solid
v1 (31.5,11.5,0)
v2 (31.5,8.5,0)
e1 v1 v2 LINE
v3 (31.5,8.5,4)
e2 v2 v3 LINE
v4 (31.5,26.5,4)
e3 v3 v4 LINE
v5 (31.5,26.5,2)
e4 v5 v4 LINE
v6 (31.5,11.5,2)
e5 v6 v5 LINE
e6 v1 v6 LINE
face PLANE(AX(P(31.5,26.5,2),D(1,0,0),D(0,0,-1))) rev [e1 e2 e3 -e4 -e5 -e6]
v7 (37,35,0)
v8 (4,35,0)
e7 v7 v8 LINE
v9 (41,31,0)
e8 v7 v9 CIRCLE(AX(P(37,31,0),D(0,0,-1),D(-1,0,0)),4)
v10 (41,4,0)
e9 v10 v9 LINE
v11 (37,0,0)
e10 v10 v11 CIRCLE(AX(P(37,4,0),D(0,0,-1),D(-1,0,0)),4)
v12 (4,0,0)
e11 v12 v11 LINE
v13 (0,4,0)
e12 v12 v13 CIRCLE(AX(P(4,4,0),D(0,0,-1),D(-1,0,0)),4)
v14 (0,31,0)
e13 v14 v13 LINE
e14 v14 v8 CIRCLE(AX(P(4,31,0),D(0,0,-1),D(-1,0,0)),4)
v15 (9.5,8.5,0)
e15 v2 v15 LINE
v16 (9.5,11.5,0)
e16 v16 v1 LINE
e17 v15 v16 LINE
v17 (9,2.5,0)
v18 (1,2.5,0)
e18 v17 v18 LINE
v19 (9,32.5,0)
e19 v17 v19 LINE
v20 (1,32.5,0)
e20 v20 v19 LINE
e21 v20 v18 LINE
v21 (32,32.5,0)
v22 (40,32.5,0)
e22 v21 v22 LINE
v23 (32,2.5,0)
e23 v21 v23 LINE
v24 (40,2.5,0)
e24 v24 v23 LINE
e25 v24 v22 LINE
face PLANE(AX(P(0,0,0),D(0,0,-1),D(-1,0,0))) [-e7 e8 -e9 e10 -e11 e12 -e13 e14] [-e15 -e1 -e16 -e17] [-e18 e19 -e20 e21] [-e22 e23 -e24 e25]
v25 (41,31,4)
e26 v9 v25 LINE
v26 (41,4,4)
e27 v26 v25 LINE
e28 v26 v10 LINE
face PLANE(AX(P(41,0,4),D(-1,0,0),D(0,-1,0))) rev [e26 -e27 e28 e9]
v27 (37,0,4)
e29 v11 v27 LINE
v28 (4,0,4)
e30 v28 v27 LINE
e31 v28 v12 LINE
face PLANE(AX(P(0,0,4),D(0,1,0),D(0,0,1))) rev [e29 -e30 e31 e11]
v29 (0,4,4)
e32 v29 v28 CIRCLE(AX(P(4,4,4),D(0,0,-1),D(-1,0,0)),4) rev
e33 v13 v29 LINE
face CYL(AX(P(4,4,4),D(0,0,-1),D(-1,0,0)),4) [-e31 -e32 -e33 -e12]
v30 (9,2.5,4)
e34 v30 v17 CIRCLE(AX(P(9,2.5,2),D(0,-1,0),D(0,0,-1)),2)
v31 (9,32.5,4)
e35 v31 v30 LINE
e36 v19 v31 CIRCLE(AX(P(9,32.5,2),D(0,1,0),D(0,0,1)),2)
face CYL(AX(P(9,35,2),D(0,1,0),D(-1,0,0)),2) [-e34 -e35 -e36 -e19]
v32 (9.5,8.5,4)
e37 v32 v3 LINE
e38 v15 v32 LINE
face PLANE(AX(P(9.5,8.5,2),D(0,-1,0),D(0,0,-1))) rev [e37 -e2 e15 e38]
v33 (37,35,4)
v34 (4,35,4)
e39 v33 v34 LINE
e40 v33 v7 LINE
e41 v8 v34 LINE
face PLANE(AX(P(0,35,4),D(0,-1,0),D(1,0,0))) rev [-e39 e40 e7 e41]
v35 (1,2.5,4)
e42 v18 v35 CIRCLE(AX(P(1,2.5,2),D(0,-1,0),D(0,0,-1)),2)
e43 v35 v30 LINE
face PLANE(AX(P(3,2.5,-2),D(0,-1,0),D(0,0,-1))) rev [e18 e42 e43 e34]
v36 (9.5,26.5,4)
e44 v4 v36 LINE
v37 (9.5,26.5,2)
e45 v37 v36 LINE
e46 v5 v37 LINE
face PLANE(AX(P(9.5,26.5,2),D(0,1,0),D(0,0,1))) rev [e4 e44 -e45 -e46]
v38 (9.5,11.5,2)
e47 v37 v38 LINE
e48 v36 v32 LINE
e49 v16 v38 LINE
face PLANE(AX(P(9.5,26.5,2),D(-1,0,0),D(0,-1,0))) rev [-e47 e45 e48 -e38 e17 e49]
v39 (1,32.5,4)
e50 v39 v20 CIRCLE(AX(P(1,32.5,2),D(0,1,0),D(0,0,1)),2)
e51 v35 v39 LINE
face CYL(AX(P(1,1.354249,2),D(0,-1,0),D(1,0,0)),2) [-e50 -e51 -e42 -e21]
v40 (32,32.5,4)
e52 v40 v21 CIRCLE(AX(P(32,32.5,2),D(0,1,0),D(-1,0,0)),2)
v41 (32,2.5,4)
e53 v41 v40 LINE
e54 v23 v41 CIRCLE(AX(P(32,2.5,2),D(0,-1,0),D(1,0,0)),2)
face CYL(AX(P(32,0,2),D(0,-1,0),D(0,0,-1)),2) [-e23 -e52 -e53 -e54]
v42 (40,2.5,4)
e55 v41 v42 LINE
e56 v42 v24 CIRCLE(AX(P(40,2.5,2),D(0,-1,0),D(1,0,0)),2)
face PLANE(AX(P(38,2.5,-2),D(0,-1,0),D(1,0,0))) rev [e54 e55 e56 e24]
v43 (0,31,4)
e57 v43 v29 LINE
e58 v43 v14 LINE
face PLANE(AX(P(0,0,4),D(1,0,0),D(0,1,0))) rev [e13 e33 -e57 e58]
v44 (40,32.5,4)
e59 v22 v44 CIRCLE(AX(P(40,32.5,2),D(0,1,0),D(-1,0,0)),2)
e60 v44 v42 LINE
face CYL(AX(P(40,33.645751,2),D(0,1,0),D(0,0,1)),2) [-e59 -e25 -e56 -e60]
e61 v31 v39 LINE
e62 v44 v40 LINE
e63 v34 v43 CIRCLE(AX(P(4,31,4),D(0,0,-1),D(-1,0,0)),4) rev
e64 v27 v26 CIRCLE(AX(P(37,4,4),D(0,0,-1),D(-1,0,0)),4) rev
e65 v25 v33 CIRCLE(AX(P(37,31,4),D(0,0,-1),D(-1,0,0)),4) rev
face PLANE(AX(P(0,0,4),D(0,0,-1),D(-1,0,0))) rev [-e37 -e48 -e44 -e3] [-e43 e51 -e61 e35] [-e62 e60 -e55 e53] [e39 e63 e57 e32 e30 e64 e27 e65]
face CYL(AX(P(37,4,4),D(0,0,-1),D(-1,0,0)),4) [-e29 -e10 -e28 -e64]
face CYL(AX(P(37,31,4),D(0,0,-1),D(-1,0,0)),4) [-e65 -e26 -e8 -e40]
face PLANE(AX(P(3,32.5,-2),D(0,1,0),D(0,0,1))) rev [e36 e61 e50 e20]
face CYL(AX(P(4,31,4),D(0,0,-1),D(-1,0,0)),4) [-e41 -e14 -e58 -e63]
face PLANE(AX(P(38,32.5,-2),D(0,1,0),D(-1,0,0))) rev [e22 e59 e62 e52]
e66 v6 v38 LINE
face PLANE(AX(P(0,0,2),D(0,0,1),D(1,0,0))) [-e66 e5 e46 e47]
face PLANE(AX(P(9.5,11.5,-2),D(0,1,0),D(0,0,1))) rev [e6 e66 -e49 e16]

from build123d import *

# Parameters (mm, degrees)
ESQUISSE1_W             = 41
ESQUISSE1_H             = 35
BOSS_EXTRU_1_DEPTH      = 4
ESQUISSE2_W             = 22
ESQUISSE2_H             = 18
ENL_V_MAT_EXTRU_1_DEPTH = 2
ESQUISSE3_W             = 4
ESQUISSE3_H             = 30
ESQUISSE3_W_2           = 22
ESQUISSE3_H_2           = 3
ENL_V_MAT_EXTRU_2_DEPTH = 6
CONG_4_R                = 4
CONG_6_RADIUS           = 2
CONG_6_LENGTH           = 30
CONG_7_RADIUS           = 2
CONG_7_LENGTH           = 30
CONG_8_RADIUS           = 2
CONG_8_LENGTH           = 30
CONG_9_RADIUS           = 2
CONG_9_LENGTH           = 30


with BuildPart() as part:
    # Esquisse1 → Boss.-Extru.1 (new body)
    with BuildSketch(Plane.XY):
        with Locations((20.5, 17.5)):
            Rectangle(ESQUISSE1_W, ESQUISSE1_H)
    extrude(amount=BOSS_EXTRU_1_DEPTH)

    # Esquisse2 → Enlèv. mat.-Extru.1 (cut)
    with BuildSketch(Plane.XY.offset(4)):
        with Locations((20.5, 17.5)):
            Rectangle(ESQUISSE2_W, ESQUISSE2_H)
    extrude(amount=-ENL_V_MAT_EXTRU_1_DEPTH, mode=Mode.SUBTRACT)

    # Esquisse3 → Enlèv. mat.-Extru.2 (cut)
    with BuildSketch(Plane.XY.offset(4)):
        with Locations((5, 17.5)):
            Rectangle(ESQUISSE3_W, ESQUISSE3_H)
        with Locations((36, 17.5)):
            Rectangle(ESQUISSE3_W, ESQUISSE3_H)
        with Locations((20.5, 10)):
            Rectangle(ESQUISSE3_W_2, ESQUISSE3_H_2)
    extrude(amount=-ENL_V_MAT_EXTRU_2_DEPTH, mode=Mode.SUBTRACT)

    # Congé4
    cong_4_edges = [part.edges().sort_by_distance(p)[0] for p in [
        (0, 35, 2),
        (41, 35, 2),
        (41, 0, 2),
        (0, 0, 2),
    ]]
    fillet(cong_4_edges, radius=CONG_4_R)

    # Congé6: full round fillet: the end face becomes a half cylinder, R = half its width
    cong_6_face = Plane((38, 17.5, 2), x_dir=(0, -1, 0), z_dir=(-1, 0, 0))  # on the end face: x along it, z out of the body
    cong_6_slab = cong_6_face.offset(-CONG_6_RADIUS / 2) * Box(CONG_6_LENGTH, 2 * CONG_6_RADIUS, CONG_6_RADIUS, mode=Mode.PRIVATE)  # the body's end, R deep
    cong_6_round = Plane((40, 17.5, 2), x_dir=(-1, 0, 0), z_dir=(0, -1, 0)) * Cylinder(CONG_6_RADIUS, CONG_6_LENGTH, mode=Mode.PRIVATE)  # its axis R under the face
    add(cong_6_slab - cong_6_round, mode=Mode.SUBTRACT)

    # Congé7: full round fillet: the end face becomes a half cylinder, R = half its width
    cong_7_face = Plane((3, 17.5, 2), x_dir=(0, 1, 0), z_dir=(1, 0, 0))  # on the end face: x along it, z out of the body
    cong_7_slab = cong_7_face.offset(-CONG_7_RADIUS / 2) * Box(CONG_7_LENGTH, 2 * CONG_7_RADIUS, CONG_7_RADIUS, mode=Mode.PRIVATE)  # the body's end, R deep
    cong_7_round = Plane((1, 17.5, 2), x_dir=(1, 0, 0), z_dir=(0, 1, 0)) * Cylinder(CONG_7_RADIUS, CONG_7_LENGTH, mode=Mode.PRIVATE)  # its axis R under the face
    add(cong_7_slab - cong_7_round, mode=Mode.SUBTRACT)

    # Congé8: full round fillet: the end face becomes a half cylinder, R = half its width
    cong_8_face = Plane((34, 17.5, 2), x_dir=(0, 1, 0), z_dir=(1, 0, 0))  # on the end face: x along it, z out of the body
    cong_8_slab = cong_8_face.offset(-CONG_8_RADIUS / 2) * Box(CONG_8_LENGTH, 2 * CONG_8_RADIUS, CONG_8_RADIUS, mode=Mode.PRIVATE)  # the body's end, R deep
    cong_8_round = Plane((32, 17.5, 2), x_dir=(1, 0, 0), z_dir=(0, 1, 0)) * Cylinder(CONG_8_RADIUS, CONG_8_LENGTH, mode=Mode.PRIVATE)  # its axis R under the face
    add(cong_8_slab - cong_8_round, mode=Mode.SUBTRACT)

    # Congé9: full round fillet: the end face becomes a half cylinder, R = half its width
    cong_9_face = Plane((7, 17.5, 2), x_dir=(0, -1, 0), z_dir=(-1, 0, 0))  # on the end face: x along it, z out of the body
    cong_9_slab = cong_9_face.offset(-CONG_9_RADIUS / 2) * Box(CONG_9_LENGTH, 2 * CONG_9_RADIUS, CONG_9_RADIUS, mode=Mode.PRIVATE)  # the body's end, R deep
    cong_9_round = Plane((9, 17.5, 2), x_dir=(-1, 0, 0), z_dir=(0, -1, 0)) * Cylinder(CONG_9_RADIUS, CONG_9_LENGTH, mode=Mode.PRIVATE)  # its axis R under the face
    add(cong_9_slab - cong_9_round, mode=Mode.SUBTRACT)


solid = part.part
